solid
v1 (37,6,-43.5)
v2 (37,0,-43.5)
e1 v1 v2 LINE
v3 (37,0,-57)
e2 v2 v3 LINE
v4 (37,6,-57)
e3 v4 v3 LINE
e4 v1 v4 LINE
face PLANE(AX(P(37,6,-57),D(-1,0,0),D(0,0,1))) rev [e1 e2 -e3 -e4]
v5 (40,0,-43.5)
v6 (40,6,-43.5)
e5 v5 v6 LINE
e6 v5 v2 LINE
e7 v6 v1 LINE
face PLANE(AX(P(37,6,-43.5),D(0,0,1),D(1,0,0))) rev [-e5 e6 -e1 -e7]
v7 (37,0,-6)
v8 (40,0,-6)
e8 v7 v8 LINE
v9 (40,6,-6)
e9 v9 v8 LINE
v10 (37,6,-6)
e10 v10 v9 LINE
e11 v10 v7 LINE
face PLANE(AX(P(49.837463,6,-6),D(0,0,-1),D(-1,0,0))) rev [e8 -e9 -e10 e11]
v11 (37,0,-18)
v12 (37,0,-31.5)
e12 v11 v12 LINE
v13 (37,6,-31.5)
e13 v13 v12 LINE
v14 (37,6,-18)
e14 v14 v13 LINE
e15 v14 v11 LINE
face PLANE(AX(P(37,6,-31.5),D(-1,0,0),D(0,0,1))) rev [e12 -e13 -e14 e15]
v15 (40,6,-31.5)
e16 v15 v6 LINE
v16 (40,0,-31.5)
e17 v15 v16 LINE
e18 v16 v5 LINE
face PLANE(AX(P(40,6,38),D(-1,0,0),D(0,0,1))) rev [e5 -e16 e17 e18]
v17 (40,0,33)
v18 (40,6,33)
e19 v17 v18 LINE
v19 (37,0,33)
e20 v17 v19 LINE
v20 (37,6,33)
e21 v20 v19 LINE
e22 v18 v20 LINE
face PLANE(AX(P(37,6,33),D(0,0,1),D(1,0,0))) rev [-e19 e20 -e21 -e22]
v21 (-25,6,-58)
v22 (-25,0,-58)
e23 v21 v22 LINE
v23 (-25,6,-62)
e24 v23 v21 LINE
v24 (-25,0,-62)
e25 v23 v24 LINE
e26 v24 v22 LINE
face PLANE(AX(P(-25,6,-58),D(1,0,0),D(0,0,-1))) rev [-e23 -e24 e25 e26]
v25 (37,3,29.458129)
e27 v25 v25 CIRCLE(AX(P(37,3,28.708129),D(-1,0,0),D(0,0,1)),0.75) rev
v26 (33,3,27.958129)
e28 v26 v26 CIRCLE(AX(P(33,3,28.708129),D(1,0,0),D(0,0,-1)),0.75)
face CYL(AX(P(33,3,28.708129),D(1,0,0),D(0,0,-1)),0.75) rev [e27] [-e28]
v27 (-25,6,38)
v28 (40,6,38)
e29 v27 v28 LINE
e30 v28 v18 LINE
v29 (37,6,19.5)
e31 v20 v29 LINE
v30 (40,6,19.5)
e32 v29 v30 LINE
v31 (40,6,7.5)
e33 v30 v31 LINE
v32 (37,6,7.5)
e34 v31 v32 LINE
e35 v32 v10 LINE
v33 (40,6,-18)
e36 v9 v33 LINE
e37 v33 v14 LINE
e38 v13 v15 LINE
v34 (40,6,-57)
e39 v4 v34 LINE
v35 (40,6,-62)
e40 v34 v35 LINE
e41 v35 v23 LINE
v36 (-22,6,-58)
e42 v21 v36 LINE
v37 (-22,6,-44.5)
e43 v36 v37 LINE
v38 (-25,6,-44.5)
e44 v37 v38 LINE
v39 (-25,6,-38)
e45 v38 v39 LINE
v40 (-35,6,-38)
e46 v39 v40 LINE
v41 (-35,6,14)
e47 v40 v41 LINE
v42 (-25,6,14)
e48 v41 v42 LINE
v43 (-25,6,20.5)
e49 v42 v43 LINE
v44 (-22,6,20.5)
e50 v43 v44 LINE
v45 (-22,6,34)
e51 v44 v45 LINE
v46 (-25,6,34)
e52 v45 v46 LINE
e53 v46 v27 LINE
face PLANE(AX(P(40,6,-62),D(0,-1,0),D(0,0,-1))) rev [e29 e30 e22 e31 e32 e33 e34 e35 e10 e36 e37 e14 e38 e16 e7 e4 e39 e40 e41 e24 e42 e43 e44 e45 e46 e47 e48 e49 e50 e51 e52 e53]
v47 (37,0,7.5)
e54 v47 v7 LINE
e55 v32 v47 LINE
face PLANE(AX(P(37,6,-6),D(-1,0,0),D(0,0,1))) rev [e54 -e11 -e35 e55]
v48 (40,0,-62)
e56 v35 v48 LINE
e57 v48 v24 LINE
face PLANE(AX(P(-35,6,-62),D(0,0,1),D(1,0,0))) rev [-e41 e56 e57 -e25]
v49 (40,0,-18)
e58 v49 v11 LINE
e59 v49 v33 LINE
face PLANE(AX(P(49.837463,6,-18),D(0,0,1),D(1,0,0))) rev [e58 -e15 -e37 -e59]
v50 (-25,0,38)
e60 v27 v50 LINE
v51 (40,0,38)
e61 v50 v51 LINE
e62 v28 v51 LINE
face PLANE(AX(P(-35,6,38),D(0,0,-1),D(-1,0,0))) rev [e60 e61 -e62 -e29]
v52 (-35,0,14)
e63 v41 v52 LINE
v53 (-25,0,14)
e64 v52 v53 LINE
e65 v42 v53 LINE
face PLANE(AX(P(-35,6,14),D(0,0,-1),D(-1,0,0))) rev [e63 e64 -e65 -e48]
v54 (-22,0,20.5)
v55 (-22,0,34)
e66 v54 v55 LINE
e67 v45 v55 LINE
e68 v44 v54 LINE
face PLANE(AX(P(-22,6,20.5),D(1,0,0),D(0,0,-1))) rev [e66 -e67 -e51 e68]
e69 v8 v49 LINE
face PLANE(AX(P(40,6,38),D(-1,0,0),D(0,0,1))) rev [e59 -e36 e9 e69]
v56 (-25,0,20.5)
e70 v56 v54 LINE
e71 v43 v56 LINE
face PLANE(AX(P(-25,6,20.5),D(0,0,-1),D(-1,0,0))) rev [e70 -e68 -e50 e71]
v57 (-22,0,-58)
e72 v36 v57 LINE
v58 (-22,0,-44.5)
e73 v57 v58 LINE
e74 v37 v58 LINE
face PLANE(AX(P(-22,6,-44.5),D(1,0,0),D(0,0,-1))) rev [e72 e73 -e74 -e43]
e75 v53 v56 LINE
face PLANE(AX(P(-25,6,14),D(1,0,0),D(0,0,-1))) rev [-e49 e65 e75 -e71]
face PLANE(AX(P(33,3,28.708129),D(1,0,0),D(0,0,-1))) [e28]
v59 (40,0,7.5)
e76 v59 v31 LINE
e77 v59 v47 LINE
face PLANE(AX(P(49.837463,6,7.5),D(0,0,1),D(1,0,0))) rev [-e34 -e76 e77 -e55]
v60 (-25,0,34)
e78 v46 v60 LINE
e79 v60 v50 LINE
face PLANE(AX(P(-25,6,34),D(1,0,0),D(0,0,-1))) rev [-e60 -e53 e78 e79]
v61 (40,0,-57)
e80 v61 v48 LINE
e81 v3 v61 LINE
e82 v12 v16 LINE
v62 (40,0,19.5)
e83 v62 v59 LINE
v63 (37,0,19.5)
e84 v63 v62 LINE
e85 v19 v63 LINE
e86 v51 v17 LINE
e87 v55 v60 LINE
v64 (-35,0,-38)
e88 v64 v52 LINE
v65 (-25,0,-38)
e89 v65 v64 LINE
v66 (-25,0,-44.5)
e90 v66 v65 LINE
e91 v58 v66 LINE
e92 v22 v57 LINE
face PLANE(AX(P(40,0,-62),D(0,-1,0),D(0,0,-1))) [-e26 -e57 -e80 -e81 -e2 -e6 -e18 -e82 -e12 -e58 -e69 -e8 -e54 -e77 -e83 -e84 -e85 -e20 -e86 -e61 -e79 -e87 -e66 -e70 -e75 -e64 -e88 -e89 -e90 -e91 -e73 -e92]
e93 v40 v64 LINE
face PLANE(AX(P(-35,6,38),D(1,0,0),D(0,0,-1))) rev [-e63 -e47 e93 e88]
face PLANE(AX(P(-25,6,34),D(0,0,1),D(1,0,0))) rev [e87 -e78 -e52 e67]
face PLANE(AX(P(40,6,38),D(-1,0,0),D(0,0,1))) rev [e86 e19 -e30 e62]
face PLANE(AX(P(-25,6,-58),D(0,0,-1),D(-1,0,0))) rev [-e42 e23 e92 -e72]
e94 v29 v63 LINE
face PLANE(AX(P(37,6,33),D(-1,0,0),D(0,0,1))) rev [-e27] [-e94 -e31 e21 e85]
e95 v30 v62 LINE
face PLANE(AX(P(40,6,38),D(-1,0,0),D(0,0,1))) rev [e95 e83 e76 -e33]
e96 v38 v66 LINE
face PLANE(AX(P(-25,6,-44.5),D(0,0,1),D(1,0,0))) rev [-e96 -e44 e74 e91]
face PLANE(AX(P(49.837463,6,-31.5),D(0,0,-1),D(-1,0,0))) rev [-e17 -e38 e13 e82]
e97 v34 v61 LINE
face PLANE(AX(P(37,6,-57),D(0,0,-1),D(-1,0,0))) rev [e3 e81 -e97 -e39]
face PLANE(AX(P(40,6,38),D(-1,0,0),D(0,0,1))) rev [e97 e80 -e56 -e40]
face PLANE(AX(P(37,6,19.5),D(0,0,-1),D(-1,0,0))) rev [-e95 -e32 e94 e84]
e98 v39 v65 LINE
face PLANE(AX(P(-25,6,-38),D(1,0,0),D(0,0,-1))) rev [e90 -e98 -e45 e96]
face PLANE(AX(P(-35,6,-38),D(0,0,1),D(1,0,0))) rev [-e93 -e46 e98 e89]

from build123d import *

# Parameters (mm, degrees)
SKETCH_1_W          = 75
SKETCH_1_H          = 100
EXTRUDE_1_DEPTH     = 6
SKETCH_3_R          = 0.75
CUT_EXTRUDE_1_DEPTH = 7
SKETCH_4_W          = 12.62553929
SKETCH_4_H          = 13.5
SKETCH_4_W_2        = 12.874809427
SKETCH_4_W_3        = 12.837463025
CUT_EXTRUDE_2_DEPTH = 75.027022093


with BuildPart() as part:
    # Эскиз1 → Вытянуть1 (new body)
    with BuildSketch(Plane(origin=(0, 0, 0), x_dir=(1, 0, 0), z_dir=(0, 1, 0))):
        with Locations((2.5, 12)):
            Rectangle(SKETCH_1_W, SKETCH_1_H)
    extrude(amount=EXTRUDE_1_DEPTH)

    # Эскиз3 → Вырез-Вытянуть1 (cut)
    with BuildSketch(Plane(origin=(40, 0, 0), x_dir=(0, 0, -1), z_dir=(1, 0, 0))):
        with Locations((-28.708129091, 3)):
            Circle(SKETCH_3_R)
    extrude(amount=-CUT_EXTRUDE_1_DEPTH, mode=Mode.SUBTRACT)

    # Эскиз4 → Вырез-Вытянуть2 (cut, through all)
    with BuildSketch(Plane.XZ):
        with Locations((43.312769645, 26.25)):
            Rectangle(SKETCH_4_W, SKETCH_4_H)
        with Locations((43.437404714, -50.25)):
            Rectangle(SKETCH_4_W_2, SKETCH_4_H)
        Polygon((-35, -38), (-35, -62), (-25, -62), (-25, -58), (-22, -58), (-22, -44.5), (-25, -44.5), (-25, -38), align=None)
        with Locations((43.418731513, 0.75)):
            Rectangle(SKETCH_4_W_3, SKETCH_4_H)
        with Locations((43.418731513, -24.75)):
            Rectangle(SKETCH_4_W_3, SKETCH_4_H)
        Polygon((-35, 14), (-25, 14), (-25, 20.5), (-22, 20.5), (-22, 34), (-25, 34), (-25, 38), (-35, 38), align=None)
    extrude(amount=-CUT_EXTRUDE_2_DEPTH, mode=Mode.SUBTRACT)


solid = part.part
